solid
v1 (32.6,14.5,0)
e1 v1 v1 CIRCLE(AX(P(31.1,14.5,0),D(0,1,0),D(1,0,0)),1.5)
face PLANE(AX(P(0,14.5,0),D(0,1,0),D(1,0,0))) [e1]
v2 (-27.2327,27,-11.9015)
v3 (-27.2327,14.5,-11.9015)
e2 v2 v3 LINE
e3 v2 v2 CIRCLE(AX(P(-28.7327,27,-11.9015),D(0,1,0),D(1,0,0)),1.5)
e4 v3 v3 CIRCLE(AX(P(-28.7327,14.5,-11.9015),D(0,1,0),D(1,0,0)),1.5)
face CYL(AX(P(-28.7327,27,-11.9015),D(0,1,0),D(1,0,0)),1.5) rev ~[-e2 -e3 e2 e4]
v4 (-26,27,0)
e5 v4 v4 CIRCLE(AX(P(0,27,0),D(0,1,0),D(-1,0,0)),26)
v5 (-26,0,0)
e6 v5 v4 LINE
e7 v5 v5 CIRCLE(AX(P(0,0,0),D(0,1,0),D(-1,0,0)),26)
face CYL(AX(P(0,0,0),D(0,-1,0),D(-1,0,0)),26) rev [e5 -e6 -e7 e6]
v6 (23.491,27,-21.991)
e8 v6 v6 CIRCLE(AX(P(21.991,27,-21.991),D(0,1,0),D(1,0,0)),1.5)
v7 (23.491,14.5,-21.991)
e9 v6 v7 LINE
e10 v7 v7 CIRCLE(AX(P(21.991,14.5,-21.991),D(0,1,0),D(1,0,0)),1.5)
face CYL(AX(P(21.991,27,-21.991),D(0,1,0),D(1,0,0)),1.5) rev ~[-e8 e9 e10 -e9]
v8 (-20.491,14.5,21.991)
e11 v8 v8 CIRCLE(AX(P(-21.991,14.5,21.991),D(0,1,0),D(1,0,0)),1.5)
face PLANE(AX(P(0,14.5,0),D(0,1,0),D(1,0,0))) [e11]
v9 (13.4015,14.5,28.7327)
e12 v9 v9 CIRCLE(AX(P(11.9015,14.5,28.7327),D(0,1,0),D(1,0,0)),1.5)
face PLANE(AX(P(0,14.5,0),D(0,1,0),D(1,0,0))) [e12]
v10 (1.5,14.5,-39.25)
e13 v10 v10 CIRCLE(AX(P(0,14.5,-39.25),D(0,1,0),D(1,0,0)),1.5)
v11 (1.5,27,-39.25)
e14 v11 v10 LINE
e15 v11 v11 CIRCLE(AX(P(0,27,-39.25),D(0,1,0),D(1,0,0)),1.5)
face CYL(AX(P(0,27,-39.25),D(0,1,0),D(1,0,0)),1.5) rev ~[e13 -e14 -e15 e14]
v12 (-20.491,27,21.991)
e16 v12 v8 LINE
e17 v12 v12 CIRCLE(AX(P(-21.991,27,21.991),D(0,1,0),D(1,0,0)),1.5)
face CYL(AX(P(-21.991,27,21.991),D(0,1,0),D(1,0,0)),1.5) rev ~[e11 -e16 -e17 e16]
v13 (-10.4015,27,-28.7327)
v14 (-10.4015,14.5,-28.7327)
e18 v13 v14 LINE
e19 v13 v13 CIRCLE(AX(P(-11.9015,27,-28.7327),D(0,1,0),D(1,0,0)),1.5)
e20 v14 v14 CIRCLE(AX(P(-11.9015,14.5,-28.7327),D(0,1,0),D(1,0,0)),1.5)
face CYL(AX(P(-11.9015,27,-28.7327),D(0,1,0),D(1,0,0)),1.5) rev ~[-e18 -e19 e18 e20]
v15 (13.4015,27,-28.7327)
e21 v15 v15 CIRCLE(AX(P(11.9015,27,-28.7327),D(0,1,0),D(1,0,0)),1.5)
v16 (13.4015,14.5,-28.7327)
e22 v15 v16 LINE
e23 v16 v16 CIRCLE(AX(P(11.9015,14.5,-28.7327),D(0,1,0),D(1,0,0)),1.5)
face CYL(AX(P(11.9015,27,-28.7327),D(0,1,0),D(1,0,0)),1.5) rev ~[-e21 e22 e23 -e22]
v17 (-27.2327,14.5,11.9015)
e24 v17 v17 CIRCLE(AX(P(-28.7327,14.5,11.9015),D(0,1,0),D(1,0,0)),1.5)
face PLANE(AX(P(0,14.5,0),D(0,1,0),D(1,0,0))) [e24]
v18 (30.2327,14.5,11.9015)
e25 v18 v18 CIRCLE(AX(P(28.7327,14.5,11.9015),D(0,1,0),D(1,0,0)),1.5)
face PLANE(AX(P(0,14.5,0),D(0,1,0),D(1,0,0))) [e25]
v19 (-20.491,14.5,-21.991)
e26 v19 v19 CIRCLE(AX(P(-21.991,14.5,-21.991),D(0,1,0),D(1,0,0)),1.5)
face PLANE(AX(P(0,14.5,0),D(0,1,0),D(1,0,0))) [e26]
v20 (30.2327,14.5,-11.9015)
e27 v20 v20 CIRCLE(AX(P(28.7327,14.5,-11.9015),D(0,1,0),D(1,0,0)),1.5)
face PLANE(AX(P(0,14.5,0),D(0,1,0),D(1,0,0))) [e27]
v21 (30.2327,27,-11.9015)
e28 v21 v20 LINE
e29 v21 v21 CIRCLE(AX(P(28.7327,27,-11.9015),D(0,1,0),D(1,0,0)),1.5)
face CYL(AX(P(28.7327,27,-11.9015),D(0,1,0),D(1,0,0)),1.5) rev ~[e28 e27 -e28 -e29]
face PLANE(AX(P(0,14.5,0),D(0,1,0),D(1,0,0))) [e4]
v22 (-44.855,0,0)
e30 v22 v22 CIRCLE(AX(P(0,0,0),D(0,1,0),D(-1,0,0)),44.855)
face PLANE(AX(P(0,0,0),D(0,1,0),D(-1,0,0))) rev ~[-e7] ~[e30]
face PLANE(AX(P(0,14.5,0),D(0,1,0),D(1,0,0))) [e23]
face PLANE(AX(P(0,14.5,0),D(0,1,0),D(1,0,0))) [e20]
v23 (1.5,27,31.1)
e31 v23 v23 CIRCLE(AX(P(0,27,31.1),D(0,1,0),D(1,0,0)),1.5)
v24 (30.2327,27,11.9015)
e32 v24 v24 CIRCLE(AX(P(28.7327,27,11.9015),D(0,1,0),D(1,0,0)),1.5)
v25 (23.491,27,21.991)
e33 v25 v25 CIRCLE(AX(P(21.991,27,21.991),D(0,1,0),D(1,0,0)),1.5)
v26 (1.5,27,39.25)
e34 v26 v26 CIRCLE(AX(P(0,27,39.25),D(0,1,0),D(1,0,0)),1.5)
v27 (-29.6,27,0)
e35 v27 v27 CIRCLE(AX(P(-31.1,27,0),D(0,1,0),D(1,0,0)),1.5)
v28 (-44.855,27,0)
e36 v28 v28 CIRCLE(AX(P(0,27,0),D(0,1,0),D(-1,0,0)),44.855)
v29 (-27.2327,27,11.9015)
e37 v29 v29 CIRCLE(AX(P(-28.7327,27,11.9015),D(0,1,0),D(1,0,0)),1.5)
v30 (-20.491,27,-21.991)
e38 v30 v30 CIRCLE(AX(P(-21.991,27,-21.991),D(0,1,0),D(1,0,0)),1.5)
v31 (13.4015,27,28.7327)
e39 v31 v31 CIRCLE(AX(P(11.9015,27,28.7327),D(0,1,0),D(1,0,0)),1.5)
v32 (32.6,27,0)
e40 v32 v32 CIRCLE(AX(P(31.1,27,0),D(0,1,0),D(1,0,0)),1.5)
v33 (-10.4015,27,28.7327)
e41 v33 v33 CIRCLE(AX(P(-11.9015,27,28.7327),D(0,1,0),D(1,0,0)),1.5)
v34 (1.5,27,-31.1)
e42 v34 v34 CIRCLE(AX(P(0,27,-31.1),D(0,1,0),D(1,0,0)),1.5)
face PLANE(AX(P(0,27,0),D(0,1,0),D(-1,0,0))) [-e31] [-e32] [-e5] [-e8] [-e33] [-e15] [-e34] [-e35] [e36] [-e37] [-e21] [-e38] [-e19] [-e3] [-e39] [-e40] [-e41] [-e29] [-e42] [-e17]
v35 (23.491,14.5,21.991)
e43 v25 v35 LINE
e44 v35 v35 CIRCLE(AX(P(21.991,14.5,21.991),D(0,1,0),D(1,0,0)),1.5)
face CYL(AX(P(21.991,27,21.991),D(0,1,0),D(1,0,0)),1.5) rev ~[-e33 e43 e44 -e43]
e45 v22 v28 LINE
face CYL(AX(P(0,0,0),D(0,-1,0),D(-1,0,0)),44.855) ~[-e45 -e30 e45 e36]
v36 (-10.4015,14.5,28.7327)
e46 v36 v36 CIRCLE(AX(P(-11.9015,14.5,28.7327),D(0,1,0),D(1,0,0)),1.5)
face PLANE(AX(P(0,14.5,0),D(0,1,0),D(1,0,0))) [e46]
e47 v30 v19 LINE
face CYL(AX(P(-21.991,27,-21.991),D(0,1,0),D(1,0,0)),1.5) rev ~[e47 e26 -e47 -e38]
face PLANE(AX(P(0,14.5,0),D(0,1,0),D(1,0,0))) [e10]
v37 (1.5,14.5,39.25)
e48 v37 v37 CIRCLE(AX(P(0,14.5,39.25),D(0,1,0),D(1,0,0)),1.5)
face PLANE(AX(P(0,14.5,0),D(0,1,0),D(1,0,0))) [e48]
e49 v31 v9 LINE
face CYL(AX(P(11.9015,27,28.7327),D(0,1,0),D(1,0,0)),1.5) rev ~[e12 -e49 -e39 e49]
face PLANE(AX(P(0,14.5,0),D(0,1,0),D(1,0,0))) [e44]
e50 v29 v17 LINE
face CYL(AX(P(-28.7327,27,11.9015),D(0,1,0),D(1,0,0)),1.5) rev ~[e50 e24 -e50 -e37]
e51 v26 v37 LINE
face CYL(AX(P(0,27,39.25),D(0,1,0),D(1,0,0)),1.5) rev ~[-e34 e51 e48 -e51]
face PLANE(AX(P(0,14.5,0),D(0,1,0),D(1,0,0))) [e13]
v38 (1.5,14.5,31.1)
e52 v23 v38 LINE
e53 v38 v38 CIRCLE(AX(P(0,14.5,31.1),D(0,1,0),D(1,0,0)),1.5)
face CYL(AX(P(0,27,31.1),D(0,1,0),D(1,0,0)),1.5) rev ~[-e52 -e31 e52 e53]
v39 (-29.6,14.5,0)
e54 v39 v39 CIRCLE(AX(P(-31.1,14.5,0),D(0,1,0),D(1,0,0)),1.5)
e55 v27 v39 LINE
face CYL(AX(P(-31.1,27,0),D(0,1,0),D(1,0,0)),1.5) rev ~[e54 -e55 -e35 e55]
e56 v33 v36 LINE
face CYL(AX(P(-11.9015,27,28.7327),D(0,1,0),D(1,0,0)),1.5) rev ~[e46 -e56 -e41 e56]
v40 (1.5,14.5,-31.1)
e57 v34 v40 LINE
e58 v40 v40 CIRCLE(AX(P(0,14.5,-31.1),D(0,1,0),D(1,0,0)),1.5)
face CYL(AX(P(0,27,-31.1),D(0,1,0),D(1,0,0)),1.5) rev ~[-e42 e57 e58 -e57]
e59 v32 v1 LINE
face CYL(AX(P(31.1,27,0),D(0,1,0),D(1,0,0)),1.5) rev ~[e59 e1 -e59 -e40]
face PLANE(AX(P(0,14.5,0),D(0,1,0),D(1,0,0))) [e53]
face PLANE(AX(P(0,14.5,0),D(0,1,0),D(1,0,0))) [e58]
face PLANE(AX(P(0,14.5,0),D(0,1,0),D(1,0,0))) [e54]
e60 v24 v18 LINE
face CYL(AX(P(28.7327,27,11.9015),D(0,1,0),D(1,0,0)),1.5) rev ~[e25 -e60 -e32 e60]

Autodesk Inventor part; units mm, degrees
ref_plane "YZ Plane" through (0, 0, 0) normal (1, 0, 0) x (0, 1, 0)
ref_plane "XZ Plane" through (0, 0, 0) normal (0, 1, 0) x (-1, 0, 0)
ref_plane "XY Plane" through (0, 0, 0) normal (0, 0, 1) x (1, 0, 0)
sketch "Sketch1" plane through (0, 0, 0) normal (0, 1, 0) x (-1, 0, 0)
  circle A0 centre (0, 0) radius 26
  circle A1 centre (0, 0) radius 44.855
  dimension "d0" = 52
  dimension "d1" = 89.71
extrude "Extrusion1" add sketch "Sketch1" along normal blind 27
sketch "Sketch2" plane through (0, 27, 0) normal (0, 1, 0) x (1, 0, 0)
  circle A0 centre (0, 0) radius 26 construction
  line L0 (0, 26) -> (0, 31.1) construction
  circle A1 centre (0, 31.1) radius 1.5
  circle A2 centre (-11.9015, 28.7327) radius 1.5
  circle A3 centre (-21.991, 21.991) radius 1.5
  circle A4 centre (-28.7327, 11.9015) radius 1.5
  circle A5 centre (-31.1, 0) radius 1.5
  circle A6 centre (-28.7327, -11.9015) radius 1.5
  circle A7 centre (-21.991, -21.991) radius 1.5
  circle A8 centre (-11.9015, -28.7327) radius 1.5
  circle A9 centre (0, -31.1) radius 1.5
  circle A10 centre (11.9015, -28.7327) radius 1.5
  circle A11 centre (21.991, -21.991) radius 1.5
  circle A12 centre (28.7327, -11.9015) radius 1.5
  circle A13 centre (31.1, 0) radius 1.5
  circle A14 centre (28.7327, 11.9015) radius 1.5
  circle A15 centre (21.991, 21.991) radius 1.5
  circle A16 centre (11.9015, 28.7327) radius 1.5
  line L1 (0, -31.1) -> (0, -39.25) construction
  circle A17 centre (0, -39.25) radius 1.5
  line L2 (0, 31.1) -> (0, 39.25) construction
  circle A18 centre (0, 39.25) radius 1.5
  dimension "d4" = 5.1
  dimension "d5" = 3
  dimension "d8" = 360
  dimension "d10" = 8.15
  dimension "d11" = 3
  dimension "d12" = 8.15
  dimension "d13" = 3
extrude "Extrusion2" cut sketch "Sketch2" against normal blind 12.5
properties part number "PocketNC_Workpiece_Y_axis_rotation"
